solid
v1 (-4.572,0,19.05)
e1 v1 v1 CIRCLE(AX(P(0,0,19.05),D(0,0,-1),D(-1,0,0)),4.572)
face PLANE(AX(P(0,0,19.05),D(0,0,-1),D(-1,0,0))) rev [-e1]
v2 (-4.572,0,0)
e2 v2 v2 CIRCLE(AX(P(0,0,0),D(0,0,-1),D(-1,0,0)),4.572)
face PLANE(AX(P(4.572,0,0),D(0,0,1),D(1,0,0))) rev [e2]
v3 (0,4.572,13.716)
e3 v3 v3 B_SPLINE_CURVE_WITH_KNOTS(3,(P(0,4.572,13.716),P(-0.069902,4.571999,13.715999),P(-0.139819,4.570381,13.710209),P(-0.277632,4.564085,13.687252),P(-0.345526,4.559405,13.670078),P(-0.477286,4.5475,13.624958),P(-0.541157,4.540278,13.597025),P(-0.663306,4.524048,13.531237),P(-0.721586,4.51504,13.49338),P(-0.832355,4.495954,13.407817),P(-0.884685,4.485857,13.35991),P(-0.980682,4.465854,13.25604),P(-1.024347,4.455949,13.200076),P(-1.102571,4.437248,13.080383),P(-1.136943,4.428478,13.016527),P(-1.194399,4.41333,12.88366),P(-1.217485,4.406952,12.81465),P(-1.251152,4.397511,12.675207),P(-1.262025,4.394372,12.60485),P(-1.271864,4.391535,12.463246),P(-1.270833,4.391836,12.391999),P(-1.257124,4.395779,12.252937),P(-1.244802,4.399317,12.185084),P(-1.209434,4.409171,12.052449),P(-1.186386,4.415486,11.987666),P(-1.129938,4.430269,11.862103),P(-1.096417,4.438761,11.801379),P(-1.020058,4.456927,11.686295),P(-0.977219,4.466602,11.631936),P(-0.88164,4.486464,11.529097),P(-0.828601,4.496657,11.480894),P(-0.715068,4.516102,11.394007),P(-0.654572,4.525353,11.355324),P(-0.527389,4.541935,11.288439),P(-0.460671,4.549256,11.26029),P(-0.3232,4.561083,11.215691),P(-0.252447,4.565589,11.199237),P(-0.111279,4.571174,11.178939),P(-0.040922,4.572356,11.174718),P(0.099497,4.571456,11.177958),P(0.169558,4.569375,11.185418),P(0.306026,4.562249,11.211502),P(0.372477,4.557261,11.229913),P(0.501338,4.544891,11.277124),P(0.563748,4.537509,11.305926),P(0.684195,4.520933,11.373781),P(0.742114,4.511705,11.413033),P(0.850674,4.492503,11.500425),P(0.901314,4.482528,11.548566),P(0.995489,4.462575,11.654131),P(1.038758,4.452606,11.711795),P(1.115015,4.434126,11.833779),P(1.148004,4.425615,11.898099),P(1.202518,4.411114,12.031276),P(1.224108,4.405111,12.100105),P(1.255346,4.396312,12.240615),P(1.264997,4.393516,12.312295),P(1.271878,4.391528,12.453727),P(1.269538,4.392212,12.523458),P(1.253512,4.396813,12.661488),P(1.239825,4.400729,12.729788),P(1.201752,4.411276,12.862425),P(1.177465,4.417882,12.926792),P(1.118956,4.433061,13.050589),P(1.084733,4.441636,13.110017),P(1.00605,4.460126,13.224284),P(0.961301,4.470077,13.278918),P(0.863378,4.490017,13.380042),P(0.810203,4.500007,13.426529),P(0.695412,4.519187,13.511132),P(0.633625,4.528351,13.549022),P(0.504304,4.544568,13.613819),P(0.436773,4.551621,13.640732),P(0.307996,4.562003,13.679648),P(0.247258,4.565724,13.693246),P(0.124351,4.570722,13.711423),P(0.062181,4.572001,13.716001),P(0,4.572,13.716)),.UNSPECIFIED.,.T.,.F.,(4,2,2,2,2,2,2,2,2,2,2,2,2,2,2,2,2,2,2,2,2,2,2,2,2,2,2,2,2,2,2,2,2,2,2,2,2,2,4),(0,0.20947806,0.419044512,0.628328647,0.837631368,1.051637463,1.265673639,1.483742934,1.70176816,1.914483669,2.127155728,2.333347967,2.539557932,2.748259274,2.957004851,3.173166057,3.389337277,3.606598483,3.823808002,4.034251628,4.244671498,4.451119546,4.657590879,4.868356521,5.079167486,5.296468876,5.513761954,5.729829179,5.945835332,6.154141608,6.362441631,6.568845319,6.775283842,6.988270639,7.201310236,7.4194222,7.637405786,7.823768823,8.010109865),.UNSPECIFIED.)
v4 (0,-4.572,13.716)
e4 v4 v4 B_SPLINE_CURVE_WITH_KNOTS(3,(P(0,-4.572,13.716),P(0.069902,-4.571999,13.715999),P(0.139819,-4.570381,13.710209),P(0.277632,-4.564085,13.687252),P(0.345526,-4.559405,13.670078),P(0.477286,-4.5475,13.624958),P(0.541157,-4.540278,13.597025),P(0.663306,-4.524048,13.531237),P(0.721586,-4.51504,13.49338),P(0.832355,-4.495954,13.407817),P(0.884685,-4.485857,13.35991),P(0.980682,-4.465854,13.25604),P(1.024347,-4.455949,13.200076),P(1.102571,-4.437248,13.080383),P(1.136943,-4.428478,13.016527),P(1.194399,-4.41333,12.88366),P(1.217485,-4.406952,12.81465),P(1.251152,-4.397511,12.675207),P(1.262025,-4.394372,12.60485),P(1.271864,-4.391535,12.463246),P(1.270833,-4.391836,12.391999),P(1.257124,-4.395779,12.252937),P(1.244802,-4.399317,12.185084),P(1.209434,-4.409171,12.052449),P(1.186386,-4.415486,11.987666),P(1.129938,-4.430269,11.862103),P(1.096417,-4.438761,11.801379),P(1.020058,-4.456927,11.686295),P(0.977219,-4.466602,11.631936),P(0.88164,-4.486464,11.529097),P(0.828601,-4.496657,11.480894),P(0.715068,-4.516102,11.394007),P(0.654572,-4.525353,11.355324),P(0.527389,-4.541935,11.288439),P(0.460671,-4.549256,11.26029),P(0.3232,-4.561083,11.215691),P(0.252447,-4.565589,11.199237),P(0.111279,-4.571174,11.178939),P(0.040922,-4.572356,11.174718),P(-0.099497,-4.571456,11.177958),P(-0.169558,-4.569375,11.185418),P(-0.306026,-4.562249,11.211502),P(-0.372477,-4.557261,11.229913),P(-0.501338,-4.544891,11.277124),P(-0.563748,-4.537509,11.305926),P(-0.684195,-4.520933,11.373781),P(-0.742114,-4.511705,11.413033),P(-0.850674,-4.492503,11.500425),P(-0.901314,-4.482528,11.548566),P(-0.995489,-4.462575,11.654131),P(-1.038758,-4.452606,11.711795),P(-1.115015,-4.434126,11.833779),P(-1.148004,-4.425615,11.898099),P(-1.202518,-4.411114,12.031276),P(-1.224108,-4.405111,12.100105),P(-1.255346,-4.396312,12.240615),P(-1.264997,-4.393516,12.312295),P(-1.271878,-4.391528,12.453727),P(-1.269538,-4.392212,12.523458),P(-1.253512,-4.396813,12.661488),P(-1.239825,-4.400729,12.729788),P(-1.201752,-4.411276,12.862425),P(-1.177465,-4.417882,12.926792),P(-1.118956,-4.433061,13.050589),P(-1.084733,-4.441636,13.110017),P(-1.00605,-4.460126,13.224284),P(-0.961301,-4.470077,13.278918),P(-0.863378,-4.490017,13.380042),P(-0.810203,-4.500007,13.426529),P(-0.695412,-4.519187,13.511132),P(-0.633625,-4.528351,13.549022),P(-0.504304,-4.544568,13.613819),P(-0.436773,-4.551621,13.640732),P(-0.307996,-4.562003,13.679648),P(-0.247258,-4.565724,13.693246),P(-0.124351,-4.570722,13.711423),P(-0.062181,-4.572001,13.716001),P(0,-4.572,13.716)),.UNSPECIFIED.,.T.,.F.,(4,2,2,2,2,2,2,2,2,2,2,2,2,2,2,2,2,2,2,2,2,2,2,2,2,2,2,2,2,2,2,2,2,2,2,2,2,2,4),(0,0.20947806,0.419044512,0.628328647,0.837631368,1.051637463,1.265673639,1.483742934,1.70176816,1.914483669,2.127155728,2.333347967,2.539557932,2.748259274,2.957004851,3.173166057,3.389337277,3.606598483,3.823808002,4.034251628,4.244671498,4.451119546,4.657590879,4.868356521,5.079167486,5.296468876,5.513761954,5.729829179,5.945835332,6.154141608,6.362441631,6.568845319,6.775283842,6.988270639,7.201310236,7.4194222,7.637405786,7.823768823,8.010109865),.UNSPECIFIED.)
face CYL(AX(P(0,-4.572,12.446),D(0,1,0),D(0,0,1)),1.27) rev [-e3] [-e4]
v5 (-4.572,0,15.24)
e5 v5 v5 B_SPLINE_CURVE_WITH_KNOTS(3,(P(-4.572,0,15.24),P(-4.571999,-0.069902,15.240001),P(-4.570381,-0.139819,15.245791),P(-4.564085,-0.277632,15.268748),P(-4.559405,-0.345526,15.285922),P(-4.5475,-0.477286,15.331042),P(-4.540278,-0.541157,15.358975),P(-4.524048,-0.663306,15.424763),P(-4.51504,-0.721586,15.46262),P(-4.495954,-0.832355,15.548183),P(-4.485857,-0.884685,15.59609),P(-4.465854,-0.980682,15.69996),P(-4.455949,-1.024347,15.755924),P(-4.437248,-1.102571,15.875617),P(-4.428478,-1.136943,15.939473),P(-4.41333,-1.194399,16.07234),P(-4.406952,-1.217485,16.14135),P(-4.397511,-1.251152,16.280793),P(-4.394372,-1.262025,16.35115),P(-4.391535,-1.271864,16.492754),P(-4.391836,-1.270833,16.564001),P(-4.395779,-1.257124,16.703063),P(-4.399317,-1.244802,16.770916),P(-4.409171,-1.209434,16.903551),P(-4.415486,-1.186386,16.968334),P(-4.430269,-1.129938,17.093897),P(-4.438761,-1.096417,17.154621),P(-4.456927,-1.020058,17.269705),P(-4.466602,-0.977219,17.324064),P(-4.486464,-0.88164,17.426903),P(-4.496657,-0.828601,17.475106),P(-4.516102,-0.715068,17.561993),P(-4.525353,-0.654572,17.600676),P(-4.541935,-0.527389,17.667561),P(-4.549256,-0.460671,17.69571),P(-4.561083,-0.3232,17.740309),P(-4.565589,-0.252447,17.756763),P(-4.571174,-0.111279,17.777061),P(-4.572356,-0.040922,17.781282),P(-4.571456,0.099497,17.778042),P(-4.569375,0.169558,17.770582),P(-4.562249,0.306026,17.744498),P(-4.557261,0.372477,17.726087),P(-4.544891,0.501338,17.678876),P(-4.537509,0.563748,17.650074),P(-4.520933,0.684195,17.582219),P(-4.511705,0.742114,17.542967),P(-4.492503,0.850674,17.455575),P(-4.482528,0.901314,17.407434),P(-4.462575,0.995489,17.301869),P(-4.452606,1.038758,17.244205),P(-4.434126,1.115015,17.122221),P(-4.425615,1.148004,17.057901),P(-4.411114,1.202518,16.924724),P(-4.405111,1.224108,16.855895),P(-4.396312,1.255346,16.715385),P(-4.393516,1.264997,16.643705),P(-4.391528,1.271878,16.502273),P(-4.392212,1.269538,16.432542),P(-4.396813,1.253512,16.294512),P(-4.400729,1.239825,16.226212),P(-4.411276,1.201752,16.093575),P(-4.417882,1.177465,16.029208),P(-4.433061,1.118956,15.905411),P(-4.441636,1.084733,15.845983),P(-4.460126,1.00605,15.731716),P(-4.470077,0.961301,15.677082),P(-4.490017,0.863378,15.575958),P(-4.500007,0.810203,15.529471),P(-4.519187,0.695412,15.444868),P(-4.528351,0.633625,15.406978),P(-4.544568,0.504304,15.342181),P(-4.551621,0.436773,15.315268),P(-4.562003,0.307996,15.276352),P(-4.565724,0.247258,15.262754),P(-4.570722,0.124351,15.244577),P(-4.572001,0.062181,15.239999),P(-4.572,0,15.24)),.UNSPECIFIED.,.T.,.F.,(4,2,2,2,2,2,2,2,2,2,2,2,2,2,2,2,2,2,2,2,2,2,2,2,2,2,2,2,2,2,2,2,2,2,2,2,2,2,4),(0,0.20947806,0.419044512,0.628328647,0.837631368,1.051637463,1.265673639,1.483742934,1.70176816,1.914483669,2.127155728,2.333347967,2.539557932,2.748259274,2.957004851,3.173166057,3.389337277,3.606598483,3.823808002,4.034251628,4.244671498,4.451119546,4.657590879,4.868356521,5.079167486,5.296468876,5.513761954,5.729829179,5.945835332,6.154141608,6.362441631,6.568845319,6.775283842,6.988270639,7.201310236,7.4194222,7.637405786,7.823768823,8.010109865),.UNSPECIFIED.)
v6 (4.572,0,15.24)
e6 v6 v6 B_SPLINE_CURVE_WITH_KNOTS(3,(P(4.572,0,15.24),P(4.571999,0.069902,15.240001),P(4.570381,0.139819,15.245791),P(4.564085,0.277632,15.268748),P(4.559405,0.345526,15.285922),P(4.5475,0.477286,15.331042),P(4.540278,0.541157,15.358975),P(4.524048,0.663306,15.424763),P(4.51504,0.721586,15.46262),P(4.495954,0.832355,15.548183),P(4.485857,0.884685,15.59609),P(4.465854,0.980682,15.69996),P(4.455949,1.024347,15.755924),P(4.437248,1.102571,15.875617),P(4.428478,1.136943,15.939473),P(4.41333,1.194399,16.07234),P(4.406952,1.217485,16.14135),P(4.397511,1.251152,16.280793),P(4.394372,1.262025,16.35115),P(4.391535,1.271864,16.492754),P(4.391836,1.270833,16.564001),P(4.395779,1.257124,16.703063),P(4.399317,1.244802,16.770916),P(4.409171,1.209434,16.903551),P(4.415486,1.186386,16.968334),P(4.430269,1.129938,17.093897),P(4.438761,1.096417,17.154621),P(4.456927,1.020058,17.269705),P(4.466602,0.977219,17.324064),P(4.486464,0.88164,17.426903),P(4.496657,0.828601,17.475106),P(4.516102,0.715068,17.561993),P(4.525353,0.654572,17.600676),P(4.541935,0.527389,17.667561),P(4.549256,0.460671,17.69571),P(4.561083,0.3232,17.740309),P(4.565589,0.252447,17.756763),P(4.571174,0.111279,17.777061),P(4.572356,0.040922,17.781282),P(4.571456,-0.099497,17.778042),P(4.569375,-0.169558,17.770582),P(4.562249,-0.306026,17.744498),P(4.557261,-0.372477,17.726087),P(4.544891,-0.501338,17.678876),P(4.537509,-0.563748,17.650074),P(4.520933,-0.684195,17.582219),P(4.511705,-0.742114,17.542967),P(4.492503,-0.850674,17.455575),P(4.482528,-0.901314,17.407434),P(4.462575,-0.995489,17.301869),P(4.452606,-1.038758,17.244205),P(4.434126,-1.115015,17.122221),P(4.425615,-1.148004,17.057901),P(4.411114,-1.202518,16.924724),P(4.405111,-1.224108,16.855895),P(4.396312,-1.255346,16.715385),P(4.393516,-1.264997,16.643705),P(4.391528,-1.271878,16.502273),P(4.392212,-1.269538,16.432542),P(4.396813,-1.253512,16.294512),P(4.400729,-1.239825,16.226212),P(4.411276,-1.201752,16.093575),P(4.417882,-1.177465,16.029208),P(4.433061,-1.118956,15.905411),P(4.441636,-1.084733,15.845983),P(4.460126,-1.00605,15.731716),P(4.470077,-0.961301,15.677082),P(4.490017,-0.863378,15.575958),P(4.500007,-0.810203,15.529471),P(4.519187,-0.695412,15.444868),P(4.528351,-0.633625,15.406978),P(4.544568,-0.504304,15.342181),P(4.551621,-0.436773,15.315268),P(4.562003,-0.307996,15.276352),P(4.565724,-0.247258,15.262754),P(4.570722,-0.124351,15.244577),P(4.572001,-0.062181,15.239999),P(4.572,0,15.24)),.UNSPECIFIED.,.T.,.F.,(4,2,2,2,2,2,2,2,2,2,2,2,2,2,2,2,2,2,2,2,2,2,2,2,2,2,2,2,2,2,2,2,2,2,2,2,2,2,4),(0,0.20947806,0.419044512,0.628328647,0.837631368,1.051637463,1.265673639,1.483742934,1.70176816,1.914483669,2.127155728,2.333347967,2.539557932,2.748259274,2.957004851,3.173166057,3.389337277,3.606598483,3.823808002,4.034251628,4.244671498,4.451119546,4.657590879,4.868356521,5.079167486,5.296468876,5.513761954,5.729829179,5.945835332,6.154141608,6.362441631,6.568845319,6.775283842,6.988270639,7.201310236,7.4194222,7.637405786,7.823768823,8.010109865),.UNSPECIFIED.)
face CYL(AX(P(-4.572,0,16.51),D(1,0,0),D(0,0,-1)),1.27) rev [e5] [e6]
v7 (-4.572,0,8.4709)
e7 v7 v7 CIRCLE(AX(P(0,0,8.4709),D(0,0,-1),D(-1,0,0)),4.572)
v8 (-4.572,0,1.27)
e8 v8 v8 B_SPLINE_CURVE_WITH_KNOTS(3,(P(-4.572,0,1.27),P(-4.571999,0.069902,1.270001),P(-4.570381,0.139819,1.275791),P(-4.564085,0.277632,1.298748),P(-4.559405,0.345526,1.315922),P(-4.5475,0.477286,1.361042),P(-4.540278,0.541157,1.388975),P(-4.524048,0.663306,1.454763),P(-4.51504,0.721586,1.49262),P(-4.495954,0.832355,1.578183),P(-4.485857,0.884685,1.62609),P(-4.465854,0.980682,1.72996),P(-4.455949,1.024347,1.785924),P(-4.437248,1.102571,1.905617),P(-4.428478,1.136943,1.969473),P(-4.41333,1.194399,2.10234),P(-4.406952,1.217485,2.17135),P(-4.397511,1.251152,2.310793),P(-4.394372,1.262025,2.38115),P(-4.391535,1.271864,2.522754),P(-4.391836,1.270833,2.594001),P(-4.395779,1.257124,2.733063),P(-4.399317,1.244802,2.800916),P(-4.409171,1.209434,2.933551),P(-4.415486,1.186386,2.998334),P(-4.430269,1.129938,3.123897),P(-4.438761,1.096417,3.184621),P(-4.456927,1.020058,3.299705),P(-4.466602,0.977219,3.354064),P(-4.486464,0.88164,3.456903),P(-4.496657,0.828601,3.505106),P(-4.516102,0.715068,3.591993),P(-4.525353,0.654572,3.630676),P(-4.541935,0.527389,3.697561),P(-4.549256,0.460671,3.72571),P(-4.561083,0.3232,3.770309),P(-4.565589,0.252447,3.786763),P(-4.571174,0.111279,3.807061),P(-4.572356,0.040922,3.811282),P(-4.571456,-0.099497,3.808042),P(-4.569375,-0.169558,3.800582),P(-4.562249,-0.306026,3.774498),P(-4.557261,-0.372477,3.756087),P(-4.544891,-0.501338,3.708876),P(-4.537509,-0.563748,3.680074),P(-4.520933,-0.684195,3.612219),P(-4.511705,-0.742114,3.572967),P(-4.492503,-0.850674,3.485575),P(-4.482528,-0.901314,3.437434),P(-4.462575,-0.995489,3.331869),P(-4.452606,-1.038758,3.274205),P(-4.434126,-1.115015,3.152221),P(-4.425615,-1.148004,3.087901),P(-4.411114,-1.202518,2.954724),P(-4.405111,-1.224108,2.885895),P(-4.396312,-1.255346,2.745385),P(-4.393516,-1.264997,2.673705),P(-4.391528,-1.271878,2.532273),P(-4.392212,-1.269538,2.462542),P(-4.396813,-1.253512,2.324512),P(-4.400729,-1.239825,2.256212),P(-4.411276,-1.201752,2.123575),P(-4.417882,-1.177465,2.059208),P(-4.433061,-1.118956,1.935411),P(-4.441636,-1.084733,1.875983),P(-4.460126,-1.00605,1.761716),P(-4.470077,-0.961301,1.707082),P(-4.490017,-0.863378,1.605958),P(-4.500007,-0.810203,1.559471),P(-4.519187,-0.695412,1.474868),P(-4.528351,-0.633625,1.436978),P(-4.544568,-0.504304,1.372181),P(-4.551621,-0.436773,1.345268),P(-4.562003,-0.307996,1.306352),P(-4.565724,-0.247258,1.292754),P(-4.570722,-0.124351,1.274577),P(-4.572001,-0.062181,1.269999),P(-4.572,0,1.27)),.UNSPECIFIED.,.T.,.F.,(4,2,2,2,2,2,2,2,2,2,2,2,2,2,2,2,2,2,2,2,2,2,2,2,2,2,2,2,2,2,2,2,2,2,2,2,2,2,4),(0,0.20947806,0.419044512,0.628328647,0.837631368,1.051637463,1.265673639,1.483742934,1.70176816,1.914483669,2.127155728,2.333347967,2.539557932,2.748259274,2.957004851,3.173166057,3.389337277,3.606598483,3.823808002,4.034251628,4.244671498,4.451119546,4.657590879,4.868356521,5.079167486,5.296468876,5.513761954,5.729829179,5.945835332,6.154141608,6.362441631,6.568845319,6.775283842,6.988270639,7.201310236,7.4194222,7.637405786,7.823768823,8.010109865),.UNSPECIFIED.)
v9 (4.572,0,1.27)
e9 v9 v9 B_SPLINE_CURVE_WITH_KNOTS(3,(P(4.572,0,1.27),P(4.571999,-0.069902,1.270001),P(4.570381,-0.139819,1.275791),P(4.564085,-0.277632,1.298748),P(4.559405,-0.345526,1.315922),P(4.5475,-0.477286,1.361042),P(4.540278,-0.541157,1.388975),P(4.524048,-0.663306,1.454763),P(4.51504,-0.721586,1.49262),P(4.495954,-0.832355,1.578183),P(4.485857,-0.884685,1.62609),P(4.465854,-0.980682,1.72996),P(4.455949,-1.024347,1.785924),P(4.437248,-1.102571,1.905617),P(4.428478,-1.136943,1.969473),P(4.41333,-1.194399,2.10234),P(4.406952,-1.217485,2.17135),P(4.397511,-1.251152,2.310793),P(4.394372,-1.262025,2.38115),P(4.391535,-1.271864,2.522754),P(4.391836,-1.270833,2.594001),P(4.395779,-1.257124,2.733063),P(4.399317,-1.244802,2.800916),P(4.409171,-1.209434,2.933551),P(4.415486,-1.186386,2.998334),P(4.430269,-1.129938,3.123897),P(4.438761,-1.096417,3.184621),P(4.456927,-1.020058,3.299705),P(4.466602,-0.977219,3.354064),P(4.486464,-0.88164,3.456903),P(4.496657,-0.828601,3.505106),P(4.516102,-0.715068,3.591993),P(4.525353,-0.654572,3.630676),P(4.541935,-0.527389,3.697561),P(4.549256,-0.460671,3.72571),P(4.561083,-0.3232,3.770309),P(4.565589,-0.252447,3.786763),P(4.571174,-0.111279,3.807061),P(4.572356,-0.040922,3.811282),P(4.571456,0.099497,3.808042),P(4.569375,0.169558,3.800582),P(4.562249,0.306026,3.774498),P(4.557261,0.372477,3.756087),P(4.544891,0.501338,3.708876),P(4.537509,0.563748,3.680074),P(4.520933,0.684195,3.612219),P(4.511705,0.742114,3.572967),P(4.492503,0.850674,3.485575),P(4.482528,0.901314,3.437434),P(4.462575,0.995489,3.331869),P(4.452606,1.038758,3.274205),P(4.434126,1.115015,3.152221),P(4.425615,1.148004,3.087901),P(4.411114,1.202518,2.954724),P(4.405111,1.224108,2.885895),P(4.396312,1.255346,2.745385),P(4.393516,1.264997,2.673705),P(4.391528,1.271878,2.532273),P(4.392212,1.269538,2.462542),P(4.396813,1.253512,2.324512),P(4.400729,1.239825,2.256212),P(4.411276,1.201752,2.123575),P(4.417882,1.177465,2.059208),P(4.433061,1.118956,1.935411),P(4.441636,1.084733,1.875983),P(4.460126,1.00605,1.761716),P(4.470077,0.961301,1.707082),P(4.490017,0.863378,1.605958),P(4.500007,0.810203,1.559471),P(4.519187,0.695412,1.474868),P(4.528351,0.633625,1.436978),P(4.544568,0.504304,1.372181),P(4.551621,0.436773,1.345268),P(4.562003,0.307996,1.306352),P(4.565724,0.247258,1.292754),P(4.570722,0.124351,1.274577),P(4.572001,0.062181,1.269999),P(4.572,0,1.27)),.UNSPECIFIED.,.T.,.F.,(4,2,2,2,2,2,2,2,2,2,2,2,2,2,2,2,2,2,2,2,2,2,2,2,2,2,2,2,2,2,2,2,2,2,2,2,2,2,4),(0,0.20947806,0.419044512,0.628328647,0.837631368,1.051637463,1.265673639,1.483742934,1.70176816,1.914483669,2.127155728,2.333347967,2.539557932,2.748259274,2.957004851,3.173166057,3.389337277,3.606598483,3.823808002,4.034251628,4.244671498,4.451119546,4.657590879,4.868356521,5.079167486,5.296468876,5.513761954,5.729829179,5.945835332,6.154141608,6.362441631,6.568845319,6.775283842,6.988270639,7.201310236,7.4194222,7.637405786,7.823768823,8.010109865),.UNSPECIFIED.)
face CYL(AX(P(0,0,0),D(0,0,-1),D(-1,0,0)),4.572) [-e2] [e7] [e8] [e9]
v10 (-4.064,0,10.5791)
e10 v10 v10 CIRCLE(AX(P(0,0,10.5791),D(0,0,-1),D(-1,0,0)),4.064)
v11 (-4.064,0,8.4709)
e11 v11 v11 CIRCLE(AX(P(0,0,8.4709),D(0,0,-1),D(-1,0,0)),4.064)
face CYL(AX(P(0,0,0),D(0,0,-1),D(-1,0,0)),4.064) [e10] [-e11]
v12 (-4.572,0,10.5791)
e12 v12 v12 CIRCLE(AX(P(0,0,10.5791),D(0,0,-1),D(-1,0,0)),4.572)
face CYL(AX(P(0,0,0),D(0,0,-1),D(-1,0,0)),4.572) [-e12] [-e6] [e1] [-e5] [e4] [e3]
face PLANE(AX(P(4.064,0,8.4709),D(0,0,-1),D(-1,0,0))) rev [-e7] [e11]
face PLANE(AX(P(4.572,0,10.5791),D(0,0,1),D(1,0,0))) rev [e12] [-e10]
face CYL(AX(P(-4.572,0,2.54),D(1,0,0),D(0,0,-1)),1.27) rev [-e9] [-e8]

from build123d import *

# Parameters (mm, degrees)
SKETCH3_R               = 1.27
CUT_EXTRUDE1_DEPTH      = 5.572
CUT_EXTRUDE1_DEPTH_BACK = 5.572
SKETCH4_R               = 1.27
CUT_EXTRUDE2_DEPTH      = 5.5720001
CUT_EXTRUDE2_DEPTH_BACK = 5.5720001


with BuildPart() as part:
    # Sketch2 → Revolve1 (revolve)
    with BuildSketch(Plane(origin=(0, 0, 0), x_dir=(1, 0, 0), z_dir=(0, 1, 0))):
        Polygon((0, 0), (0, -19.05), (4.572, -19.05), (4.572, -10.5791), (4.064, -10.5791), (4.064, -8.4709), (4.572, -8.4709), (4.572, 0), align=None)
    revolve(axis=Axis((0, 0, 0), (0, 0, 1)))

    # Sketch3 → Cut-Extrude1 (cut, two sides)
    with BuildSketch(Plane(origin=(0, 0, 0), x_dir=(1, 0, 0), z_dir=(0, 1, 0))) as cut_extrude1_sk:
        with Locations((0, -12.446)):
            Circle(SKETCH3_R)
    extrude(amount=CUT_EXTRUDE1_DEPTH, mode=Mode.SUBTRACT)
    extrude(cut_extrude1_sk.sketch, amount=-CUT_EXTRUDE1_DEPTH_BACK, mode=Mode.SUBTRACT)

    # Sketch4 → Cut-Extrude2 (cut, two sides)
    with BuildSketch(Plane(origin=(0, 0, 0), x_dir=(0, 0, -1), z_dir=(1, 0, 0))) as cut_extrude2_sk:
        with Locations((-2.54, 0)):
            Circle(SKETCH4_R)
        with Locations((-16.51, 0)):
            Circle(SKETCH4_R)
    extrude(amount=CUT_EXTRUDE2_DEPTH, mode=Mode.SUBTRACT)
    extrude(cut_extrude2_sk.sketch, amount=-CUT_EXTRUDE2_DEPTH_BACK, mode=Mode.SUBTRACT)


solid = part.part
